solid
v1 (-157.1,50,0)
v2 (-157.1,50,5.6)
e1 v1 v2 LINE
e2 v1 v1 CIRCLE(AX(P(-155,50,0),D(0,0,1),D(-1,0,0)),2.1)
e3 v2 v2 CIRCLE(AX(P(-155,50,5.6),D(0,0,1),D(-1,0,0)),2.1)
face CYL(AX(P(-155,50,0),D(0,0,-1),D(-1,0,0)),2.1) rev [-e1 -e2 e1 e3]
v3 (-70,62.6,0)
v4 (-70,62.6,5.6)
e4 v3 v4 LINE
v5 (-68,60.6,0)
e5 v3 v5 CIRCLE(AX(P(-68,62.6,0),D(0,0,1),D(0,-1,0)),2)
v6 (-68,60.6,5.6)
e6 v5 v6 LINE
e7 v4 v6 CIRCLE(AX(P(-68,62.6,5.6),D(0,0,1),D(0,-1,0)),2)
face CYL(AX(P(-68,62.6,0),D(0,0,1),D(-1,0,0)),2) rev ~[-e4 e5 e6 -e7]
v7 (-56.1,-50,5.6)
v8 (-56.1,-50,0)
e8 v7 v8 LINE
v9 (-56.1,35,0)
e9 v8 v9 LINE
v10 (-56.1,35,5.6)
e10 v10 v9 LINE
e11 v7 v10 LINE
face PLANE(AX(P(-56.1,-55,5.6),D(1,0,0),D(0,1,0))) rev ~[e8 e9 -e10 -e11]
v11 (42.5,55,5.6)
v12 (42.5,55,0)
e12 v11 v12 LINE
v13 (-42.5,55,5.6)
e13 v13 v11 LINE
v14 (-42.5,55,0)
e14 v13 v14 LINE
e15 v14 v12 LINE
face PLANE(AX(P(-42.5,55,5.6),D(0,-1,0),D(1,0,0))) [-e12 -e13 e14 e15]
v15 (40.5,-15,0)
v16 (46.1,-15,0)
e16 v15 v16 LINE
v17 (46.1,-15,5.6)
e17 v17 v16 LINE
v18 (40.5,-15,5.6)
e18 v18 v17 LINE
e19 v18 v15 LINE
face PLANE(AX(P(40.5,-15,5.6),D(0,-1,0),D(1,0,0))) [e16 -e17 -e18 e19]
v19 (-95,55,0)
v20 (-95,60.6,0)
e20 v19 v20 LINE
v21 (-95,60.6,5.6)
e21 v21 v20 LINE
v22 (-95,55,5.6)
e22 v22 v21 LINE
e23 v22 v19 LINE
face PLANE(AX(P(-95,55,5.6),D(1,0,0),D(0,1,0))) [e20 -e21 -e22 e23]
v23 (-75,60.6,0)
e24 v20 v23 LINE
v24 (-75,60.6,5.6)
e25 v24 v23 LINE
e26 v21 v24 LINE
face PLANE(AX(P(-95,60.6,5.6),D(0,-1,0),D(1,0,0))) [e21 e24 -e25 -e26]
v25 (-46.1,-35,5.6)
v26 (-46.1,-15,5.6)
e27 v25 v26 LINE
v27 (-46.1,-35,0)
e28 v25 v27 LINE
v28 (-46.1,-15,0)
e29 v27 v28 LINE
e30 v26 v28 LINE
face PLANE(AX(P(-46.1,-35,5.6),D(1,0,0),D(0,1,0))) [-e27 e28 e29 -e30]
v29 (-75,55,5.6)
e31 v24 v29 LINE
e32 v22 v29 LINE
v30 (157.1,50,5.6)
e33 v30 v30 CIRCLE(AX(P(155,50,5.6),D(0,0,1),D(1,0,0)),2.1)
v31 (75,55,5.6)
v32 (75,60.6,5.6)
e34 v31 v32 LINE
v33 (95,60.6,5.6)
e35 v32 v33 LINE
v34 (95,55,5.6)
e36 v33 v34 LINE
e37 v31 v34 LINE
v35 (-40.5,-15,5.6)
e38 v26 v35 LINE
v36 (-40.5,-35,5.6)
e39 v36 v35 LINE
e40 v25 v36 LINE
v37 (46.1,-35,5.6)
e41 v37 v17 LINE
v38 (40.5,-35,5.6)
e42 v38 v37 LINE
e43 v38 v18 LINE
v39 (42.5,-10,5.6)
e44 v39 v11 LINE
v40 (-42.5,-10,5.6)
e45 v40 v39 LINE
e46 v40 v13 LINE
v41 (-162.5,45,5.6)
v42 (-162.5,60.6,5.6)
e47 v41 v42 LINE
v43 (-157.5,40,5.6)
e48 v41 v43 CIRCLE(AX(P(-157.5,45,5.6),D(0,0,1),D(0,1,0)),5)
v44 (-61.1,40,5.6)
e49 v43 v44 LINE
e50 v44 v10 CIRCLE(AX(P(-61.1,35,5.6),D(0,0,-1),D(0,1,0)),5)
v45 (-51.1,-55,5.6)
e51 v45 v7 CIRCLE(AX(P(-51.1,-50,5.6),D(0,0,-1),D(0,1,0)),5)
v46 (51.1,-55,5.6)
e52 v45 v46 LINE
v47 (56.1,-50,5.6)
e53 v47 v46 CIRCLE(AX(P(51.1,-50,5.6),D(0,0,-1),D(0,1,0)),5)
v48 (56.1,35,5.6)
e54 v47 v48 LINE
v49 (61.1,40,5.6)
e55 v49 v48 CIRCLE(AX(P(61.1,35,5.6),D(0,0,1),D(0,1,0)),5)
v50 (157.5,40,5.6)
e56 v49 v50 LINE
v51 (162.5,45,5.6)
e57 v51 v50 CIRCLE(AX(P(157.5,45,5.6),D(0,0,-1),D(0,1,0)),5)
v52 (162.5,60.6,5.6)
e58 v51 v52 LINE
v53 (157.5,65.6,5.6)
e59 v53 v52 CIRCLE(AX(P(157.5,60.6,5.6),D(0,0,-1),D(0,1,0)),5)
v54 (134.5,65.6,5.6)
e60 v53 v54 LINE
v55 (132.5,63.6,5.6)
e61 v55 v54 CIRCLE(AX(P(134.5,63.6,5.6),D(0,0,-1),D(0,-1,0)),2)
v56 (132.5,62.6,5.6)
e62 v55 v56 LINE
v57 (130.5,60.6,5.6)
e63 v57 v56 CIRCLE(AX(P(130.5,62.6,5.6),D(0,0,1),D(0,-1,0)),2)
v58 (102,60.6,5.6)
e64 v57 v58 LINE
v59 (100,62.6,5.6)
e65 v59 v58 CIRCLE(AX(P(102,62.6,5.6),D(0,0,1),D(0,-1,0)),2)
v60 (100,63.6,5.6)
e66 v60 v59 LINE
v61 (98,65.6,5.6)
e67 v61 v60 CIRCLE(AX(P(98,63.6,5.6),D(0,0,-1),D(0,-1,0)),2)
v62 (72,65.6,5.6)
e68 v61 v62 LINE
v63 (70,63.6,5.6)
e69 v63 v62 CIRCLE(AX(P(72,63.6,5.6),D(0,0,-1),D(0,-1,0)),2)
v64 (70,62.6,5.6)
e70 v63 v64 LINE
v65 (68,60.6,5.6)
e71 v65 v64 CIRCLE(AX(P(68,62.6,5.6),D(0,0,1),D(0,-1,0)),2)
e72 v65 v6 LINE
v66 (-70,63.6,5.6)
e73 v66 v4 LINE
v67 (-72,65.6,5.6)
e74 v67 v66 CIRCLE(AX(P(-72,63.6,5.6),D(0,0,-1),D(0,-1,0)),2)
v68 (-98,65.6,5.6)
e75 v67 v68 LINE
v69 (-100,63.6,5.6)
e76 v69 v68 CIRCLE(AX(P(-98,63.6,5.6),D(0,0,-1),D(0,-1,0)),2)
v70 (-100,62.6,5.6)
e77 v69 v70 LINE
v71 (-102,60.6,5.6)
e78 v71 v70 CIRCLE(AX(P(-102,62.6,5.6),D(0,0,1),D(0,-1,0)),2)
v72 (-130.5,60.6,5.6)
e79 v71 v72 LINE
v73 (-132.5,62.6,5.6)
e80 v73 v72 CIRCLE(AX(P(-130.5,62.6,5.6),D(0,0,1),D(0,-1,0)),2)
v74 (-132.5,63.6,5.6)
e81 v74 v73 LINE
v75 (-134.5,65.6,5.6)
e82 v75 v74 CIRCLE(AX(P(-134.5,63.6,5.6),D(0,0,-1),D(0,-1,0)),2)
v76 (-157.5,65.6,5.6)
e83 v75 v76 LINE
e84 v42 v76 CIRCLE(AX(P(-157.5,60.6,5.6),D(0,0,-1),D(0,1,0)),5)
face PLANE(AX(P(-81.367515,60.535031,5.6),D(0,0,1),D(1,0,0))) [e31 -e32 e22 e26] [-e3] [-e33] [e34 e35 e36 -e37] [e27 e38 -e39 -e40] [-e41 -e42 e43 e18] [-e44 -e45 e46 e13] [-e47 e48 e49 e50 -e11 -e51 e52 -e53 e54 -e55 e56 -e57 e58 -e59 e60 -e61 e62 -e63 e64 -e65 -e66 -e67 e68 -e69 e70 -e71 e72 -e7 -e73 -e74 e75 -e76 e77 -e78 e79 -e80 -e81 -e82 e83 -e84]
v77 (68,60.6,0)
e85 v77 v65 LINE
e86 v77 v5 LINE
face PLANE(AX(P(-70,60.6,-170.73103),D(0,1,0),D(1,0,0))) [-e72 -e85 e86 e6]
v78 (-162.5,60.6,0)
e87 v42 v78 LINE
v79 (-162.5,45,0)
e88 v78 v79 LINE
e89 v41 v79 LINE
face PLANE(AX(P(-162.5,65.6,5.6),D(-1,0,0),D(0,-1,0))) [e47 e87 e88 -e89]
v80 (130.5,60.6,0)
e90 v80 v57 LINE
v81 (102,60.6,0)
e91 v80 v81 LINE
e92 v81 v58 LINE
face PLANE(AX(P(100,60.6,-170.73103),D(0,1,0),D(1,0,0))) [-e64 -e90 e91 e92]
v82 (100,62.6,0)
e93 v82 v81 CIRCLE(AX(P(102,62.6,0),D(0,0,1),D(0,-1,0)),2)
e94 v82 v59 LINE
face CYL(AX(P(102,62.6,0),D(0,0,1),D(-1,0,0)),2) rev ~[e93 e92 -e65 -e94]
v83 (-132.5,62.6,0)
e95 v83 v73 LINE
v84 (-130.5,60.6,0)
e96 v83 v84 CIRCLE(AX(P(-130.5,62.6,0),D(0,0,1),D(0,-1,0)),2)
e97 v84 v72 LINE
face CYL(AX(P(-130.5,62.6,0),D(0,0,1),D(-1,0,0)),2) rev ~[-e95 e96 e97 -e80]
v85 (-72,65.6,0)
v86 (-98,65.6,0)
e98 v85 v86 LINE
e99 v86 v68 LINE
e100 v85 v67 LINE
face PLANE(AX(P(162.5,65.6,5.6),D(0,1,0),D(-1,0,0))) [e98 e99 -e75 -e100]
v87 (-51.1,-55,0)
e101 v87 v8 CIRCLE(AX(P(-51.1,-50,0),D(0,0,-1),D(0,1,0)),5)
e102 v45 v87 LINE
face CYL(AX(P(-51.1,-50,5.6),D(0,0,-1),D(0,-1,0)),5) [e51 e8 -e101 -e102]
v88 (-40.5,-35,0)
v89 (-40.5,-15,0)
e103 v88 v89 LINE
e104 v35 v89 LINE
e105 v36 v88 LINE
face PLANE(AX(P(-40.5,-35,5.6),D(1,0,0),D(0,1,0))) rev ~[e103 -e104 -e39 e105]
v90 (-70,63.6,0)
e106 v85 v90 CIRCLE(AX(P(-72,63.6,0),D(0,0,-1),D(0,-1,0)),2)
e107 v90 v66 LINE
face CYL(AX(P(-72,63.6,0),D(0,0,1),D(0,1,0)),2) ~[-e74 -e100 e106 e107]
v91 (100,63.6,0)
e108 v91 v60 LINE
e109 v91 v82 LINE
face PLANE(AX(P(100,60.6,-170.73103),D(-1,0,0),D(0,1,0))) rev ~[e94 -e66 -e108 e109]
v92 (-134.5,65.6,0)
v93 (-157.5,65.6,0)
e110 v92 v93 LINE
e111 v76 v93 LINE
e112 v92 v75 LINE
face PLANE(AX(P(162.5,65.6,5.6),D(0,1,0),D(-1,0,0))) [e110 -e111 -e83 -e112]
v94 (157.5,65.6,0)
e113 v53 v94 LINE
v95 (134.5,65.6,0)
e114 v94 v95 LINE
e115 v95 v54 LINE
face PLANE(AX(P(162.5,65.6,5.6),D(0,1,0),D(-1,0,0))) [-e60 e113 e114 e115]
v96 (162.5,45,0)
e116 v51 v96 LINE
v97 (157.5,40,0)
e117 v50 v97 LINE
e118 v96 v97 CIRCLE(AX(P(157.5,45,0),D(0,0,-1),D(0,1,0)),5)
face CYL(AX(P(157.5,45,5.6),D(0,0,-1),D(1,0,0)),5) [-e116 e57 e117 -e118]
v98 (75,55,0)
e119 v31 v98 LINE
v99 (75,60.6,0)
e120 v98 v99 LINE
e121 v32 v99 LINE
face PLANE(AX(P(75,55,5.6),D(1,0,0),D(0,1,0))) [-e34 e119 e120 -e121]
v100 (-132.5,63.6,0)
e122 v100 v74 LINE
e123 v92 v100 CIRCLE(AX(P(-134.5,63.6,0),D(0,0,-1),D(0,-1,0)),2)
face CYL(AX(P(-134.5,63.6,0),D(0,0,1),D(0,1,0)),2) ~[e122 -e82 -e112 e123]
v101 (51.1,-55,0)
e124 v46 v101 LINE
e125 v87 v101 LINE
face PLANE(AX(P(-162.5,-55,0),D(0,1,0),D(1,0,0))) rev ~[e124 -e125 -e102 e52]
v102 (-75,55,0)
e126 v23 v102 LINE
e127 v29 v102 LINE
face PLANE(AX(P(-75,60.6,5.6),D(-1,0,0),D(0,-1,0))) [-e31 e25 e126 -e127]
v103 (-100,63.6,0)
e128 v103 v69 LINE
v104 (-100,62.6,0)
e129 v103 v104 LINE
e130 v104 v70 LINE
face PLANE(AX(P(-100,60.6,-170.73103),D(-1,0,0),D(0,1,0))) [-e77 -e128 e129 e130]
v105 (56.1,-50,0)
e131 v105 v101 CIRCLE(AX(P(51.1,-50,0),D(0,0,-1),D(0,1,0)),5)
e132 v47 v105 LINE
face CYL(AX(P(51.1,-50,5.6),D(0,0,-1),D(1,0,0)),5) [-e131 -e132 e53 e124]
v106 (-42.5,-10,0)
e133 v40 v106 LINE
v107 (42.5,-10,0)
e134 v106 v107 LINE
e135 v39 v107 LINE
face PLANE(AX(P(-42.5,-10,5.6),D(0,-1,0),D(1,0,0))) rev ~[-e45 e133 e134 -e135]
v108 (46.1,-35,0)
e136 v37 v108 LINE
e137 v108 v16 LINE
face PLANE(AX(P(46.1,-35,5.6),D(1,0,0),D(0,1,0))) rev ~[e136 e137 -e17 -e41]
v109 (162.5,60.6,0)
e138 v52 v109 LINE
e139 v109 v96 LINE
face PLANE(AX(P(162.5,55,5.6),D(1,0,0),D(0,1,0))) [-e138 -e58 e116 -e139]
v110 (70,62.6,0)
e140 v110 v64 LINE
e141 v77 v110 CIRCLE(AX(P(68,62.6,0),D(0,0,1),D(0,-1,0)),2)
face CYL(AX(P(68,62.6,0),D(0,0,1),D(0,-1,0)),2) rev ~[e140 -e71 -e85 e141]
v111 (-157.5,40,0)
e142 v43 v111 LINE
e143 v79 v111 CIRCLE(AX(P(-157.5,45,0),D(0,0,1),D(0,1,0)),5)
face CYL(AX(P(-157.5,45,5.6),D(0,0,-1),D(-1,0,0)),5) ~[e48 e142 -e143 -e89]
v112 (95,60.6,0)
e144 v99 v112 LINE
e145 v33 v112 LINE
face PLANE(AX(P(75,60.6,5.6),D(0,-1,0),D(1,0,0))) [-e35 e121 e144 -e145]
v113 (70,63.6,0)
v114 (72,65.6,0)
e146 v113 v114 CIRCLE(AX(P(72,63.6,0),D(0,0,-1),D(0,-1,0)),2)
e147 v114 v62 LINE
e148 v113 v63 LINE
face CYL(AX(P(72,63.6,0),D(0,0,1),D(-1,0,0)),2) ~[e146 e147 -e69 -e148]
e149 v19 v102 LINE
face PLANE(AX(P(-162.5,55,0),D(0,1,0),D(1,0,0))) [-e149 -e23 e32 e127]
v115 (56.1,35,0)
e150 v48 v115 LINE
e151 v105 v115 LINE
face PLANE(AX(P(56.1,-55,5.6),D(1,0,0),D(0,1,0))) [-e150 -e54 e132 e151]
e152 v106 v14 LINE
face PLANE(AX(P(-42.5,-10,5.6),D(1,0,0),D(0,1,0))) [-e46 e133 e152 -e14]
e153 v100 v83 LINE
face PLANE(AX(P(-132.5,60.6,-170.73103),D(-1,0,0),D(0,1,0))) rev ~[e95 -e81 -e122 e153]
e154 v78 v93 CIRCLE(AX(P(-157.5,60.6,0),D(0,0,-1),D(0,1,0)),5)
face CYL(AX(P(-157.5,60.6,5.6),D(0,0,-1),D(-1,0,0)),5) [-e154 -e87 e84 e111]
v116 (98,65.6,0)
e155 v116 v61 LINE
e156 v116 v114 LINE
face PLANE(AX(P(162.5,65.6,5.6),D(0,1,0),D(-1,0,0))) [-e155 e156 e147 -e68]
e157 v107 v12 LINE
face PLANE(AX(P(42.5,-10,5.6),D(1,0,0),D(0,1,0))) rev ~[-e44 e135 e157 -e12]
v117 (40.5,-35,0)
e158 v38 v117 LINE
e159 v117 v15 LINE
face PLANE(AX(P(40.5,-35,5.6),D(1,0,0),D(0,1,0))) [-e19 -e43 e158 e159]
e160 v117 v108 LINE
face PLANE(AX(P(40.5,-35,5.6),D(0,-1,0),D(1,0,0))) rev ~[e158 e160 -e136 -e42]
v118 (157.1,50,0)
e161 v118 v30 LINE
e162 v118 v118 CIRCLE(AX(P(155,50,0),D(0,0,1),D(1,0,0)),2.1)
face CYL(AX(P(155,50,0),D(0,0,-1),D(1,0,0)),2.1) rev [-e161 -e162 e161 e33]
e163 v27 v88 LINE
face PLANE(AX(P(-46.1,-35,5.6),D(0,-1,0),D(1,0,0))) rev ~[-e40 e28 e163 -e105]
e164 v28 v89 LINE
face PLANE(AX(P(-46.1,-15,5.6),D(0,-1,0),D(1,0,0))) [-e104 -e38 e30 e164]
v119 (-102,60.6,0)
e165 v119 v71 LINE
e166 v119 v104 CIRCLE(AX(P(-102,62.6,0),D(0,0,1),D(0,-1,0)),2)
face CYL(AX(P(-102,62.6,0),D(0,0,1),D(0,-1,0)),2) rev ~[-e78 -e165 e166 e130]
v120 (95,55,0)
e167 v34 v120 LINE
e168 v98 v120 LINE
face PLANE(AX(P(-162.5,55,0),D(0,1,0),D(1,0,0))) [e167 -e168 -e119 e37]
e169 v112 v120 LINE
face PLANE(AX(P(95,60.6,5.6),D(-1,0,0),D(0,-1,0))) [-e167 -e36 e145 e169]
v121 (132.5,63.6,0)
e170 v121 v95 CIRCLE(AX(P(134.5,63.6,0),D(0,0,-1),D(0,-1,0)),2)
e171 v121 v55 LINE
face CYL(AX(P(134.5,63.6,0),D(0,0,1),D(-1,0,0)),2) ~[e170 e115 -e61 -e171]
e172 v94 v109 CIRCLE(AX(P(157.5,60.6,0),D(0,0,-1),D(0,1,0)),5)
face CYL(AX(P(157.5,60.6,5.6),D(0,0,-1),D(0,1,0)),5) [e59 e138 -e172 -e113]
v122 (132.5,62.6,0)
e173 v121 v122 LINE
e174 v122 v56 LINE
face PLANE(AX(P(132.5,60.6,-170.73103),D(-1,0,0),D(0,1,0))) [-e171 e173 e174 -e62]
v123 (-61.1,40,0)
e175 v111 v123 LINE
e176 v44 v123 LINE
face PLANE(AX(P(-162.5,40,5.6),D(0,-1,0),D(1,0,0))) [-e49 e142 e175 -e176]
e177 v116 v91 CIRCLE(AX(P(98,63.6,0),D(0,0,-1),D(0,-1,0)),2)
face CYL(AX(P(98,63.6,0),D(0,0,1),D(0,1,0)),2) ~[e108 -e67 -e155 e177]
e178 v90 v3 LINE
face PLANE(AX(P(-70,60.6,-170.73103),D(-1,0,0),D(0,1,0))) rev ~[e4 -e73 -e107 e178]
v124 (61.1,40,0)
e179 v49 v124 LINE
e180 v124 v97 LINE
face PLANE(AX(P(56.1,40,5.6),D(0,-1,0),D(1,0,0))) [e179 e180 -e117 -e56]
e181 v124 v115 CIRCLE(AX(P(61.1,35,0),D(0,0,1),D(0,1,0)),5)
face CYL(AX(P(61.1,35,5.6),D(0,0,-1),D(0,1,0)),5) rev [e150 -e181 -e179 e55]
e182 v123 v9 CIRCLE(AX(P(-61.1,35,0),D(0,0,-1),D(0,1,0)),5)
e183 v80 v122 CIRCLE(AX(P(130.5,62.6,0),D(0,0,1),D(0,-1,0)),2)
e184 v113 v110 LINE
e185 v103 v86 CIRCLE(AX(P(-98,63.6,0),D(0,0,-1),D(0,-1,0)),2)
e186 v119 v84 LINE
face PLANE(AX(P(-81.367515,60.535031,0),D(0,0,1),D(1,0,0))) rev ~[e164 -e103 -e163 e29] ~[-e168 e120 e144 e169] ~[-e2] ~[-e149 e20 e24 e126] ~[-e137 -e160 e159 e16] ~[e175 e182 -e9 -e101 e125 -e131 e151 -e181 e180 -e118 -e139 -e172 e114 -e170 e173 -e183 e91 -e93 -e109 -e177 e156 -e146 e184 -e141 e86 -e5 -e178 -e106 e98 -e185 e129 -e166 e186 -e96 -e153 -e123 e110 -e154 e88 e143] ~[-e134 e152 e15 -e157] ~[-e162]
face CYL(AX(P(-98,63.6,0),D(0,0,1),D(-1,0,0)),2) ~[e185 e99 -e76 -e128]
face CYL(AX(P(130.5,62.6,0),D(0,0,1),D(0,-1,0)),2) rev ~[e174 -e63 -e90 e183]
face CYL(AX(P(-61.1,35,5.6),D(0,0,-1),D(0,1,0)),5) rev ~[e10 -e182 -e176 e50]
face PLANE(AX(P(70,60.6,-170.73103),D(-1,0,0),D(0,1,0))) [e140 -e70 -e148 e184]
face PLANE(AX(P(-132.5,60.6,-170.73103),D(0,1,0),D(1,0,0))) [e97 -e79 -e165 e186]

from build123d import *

# Parameters (mm, degrees)
SKETCH_1_W               = 325
SKETCH_1_H               = 110
SKETCH_1_R               = 2.1
EXTRUDE_1_DEPTH          = 5.6
EXTRUDE_2_DEPTH          = 5.6
SKETCH_2_W               = 85
SKETCH_2_H               = 65
SKETCH_2_W_2             = 5.6
SKETCH_2_H_2             = 20
SKETCH_2_W_3             = 20
SKETCH_2_H_3             = 5.6
CUT_EXTRUDE_1_DEPTH      = 176.331029769
SKETCH_4_W               = 106.4
SKETCH_4_H               = 95
SKETCH_4_R               = 2.1
CUT_EXTRUDE_2_DEPTH      = 176.331029769
CUT_EXTRUDE_3_DEPTH      = 176.331029769
CUT_EXTRUDE_3_DEPTH_BACK = 176.331029769
SKETCH_5_W               = 140
SKETCH_5_H               = 5
SKETCH_5_W_2             = 32.5
FILLET_1_R               = 5
FILLET_2_R               = 2


with BuildPart() as part:
    # ｽｹｯﾁ1 → ﾎﾞｽ - 押し出し1 (new body)
    with BuildSketch(Plane.XY):
        Rectangle(SKETCH_1_W, SKETCH_1_H)
        with Locations((155, 50)):
            Circle(SKETCH_1_R, mode=Mode.SUBTRACT)
        with Locations(Location((155, -50, 0), (0, 0, 180))):
            Circle(SKETCH_1_R, mode=Mode.SUBTRACT)
        with Locations(Location((-155, 50, 0), (0, 0, 180))):
            Circle(SKETCH_1_R, mode=Mode.SUBTRACT)
        with Locations((-155, -50)):
            Circle(SKETCH_1_R, mode=Mode.SUBTRACT)
    extrude(amount=EXTRUDE_1_DEPTH)

    # ｽｹｯﾁ3 → ﾎﾞｽ - 押し出し2 (add)
    with BuildSketch(Plane.XY.offset(5.6)):
        Polygon((-162.5, 65.6), (-162.5, 55), (-95, 55), (-95, 60.6), (-75, 60.6), (-75, 55), (0, 55), (0, 65.6), align=None)
        Polygon((162.5, 65.6), (0, 65.6), (0, 55), (75, 55), (75, 60.6), (95, 60.6), (95, 55), (162.5, 55), align=None)
    extrude(amount=-EXTRUDE_2_DEPTH)

    # ｽｹｯﾁ2 → ｶｯﾄ - 押し出し1 (cut, through all)
    with BuildSketch(Plane.XY.offset(5.6)):
        with Locations((0, 22.5)):
            Rectangle(SKETCH_2_W, SKETCH_2_H)
        with Locations((-43.3, -25)):
            Rectangle(SKETCH_2_W_2, SKETCH_2_H_2)
        with Locations((43.3, -25)):
            Rectangle(SKETCH_2_W_2, SKETCH_2_H_2)
        with Locations((85, 57.8)):
            Rectangle(SKETCH_2_W_3, SKETCH_2_H_3)
        with Locations((-85, 57.8)):
            Rectangle(SKETCH_2_W_3, SKETCH_2_H_3)
    extrude(amount=-CUT_EXTRUDE_1_DEPTH, mode=Mode.SUBTRACT)

    # ｽｹｯﾁ4 → ｶｯﾄ - 押し出し2 (cut, through all)
    # profile 1 of 2: a face of its own
    with BuildSketch(Plane.XY.offset(5.6)):
        with Locations((-109.3, -7.5)):
            Rectangle(SKETCH_4_W, SKETCH_4_H)
        with Locations((-155, -50)):
            Circle(SKETCH_4_R, mode=Mode.SUBTRACT)
    # profile 2 of 2: a face of its own
    with BuildSketch(Plane.XY.offset(5.6)):
        with Locations((109.3, -7.5)):
            Rectangle(SKETCH_4_W, SKETCH_4_H)
        with Locations((155, -50)):
            Circle(SKETCH_4_R, mode=Mode.SUBTRACT)
    extrude(amount=-CUT_EXTRUDE_2_DEPTH, mode=Mode.SUBTRACT)

    # ｽｹｯﾁ5 → ｶｯﾄ - 押し出し3 (cut, two sides: drawn at the far end of the back side and taken through both)
    with BuildSketch(Plane.XY.offset(5.6).offset(-CUT_EXTRUDE_3_DEPTH_BACK)):
        with Locations((0, 63.1)):
            Rectangle(SKETCH_5_W, SKETCH_5_H)
        with Locations((-116.25, 63.1)):
            Rectangle(SKETCH_5_W_2, SKETCH_5_H)
        with Locations((116.25, 63.1)):
            Rectangle(SKETCH_5_W_2, SKETCH_5_H)
    extrude(amount=CUT_EXTRUDE_3_DEPTH + CUT_EXTRUDE_3_DEPTH_BACK, mode=Mode.SUBTRACT)

    # ﾌｨﾚｯﾄ1
    fillet_1_edges = [part.edges().sort_by_distance(p)[0] for p in [
        (-56.1, -55, 2.8),
        (-162.5, 40, 2.8),
        (-56.1, 40, 2.8),
        (162.5, 40, 2.8),
        (56.1, -55, 2.8),
        (56.1, 40, 2.8),
        (-162.5, 65.6, 2.8),
        (162.5, 65.6, 2.8),
    ]]
    fillet(fillet_1_edges, radius=FILLET_1_R)

    # ﾌｨﾚｯﾄ2
    fillet_2_edges = [part.edges().sort_by_distance(p)[0] for p in [
        (100, 65.6, 2.8),
        (132.5, 65.6, 2.8),
        (132.5, 60.6, 2.8),
        (100, 60.6, 2.8),
        (-132.5, 60.6, 2.8),
        (-132.5, 65.6, 2.8),
        (-100, 65.6, 2.8),
        (-100, 60.6, 2.8),
        (70, 65.6, 2.8),
        (70, 60.6, 2.8),
        (-70, 60.6, 2.8),
        (-70, 65.6, 2.8),
    ]]
    fillet(fillet_2_edges, radius=FILLET_2_R)


solid = part.part
